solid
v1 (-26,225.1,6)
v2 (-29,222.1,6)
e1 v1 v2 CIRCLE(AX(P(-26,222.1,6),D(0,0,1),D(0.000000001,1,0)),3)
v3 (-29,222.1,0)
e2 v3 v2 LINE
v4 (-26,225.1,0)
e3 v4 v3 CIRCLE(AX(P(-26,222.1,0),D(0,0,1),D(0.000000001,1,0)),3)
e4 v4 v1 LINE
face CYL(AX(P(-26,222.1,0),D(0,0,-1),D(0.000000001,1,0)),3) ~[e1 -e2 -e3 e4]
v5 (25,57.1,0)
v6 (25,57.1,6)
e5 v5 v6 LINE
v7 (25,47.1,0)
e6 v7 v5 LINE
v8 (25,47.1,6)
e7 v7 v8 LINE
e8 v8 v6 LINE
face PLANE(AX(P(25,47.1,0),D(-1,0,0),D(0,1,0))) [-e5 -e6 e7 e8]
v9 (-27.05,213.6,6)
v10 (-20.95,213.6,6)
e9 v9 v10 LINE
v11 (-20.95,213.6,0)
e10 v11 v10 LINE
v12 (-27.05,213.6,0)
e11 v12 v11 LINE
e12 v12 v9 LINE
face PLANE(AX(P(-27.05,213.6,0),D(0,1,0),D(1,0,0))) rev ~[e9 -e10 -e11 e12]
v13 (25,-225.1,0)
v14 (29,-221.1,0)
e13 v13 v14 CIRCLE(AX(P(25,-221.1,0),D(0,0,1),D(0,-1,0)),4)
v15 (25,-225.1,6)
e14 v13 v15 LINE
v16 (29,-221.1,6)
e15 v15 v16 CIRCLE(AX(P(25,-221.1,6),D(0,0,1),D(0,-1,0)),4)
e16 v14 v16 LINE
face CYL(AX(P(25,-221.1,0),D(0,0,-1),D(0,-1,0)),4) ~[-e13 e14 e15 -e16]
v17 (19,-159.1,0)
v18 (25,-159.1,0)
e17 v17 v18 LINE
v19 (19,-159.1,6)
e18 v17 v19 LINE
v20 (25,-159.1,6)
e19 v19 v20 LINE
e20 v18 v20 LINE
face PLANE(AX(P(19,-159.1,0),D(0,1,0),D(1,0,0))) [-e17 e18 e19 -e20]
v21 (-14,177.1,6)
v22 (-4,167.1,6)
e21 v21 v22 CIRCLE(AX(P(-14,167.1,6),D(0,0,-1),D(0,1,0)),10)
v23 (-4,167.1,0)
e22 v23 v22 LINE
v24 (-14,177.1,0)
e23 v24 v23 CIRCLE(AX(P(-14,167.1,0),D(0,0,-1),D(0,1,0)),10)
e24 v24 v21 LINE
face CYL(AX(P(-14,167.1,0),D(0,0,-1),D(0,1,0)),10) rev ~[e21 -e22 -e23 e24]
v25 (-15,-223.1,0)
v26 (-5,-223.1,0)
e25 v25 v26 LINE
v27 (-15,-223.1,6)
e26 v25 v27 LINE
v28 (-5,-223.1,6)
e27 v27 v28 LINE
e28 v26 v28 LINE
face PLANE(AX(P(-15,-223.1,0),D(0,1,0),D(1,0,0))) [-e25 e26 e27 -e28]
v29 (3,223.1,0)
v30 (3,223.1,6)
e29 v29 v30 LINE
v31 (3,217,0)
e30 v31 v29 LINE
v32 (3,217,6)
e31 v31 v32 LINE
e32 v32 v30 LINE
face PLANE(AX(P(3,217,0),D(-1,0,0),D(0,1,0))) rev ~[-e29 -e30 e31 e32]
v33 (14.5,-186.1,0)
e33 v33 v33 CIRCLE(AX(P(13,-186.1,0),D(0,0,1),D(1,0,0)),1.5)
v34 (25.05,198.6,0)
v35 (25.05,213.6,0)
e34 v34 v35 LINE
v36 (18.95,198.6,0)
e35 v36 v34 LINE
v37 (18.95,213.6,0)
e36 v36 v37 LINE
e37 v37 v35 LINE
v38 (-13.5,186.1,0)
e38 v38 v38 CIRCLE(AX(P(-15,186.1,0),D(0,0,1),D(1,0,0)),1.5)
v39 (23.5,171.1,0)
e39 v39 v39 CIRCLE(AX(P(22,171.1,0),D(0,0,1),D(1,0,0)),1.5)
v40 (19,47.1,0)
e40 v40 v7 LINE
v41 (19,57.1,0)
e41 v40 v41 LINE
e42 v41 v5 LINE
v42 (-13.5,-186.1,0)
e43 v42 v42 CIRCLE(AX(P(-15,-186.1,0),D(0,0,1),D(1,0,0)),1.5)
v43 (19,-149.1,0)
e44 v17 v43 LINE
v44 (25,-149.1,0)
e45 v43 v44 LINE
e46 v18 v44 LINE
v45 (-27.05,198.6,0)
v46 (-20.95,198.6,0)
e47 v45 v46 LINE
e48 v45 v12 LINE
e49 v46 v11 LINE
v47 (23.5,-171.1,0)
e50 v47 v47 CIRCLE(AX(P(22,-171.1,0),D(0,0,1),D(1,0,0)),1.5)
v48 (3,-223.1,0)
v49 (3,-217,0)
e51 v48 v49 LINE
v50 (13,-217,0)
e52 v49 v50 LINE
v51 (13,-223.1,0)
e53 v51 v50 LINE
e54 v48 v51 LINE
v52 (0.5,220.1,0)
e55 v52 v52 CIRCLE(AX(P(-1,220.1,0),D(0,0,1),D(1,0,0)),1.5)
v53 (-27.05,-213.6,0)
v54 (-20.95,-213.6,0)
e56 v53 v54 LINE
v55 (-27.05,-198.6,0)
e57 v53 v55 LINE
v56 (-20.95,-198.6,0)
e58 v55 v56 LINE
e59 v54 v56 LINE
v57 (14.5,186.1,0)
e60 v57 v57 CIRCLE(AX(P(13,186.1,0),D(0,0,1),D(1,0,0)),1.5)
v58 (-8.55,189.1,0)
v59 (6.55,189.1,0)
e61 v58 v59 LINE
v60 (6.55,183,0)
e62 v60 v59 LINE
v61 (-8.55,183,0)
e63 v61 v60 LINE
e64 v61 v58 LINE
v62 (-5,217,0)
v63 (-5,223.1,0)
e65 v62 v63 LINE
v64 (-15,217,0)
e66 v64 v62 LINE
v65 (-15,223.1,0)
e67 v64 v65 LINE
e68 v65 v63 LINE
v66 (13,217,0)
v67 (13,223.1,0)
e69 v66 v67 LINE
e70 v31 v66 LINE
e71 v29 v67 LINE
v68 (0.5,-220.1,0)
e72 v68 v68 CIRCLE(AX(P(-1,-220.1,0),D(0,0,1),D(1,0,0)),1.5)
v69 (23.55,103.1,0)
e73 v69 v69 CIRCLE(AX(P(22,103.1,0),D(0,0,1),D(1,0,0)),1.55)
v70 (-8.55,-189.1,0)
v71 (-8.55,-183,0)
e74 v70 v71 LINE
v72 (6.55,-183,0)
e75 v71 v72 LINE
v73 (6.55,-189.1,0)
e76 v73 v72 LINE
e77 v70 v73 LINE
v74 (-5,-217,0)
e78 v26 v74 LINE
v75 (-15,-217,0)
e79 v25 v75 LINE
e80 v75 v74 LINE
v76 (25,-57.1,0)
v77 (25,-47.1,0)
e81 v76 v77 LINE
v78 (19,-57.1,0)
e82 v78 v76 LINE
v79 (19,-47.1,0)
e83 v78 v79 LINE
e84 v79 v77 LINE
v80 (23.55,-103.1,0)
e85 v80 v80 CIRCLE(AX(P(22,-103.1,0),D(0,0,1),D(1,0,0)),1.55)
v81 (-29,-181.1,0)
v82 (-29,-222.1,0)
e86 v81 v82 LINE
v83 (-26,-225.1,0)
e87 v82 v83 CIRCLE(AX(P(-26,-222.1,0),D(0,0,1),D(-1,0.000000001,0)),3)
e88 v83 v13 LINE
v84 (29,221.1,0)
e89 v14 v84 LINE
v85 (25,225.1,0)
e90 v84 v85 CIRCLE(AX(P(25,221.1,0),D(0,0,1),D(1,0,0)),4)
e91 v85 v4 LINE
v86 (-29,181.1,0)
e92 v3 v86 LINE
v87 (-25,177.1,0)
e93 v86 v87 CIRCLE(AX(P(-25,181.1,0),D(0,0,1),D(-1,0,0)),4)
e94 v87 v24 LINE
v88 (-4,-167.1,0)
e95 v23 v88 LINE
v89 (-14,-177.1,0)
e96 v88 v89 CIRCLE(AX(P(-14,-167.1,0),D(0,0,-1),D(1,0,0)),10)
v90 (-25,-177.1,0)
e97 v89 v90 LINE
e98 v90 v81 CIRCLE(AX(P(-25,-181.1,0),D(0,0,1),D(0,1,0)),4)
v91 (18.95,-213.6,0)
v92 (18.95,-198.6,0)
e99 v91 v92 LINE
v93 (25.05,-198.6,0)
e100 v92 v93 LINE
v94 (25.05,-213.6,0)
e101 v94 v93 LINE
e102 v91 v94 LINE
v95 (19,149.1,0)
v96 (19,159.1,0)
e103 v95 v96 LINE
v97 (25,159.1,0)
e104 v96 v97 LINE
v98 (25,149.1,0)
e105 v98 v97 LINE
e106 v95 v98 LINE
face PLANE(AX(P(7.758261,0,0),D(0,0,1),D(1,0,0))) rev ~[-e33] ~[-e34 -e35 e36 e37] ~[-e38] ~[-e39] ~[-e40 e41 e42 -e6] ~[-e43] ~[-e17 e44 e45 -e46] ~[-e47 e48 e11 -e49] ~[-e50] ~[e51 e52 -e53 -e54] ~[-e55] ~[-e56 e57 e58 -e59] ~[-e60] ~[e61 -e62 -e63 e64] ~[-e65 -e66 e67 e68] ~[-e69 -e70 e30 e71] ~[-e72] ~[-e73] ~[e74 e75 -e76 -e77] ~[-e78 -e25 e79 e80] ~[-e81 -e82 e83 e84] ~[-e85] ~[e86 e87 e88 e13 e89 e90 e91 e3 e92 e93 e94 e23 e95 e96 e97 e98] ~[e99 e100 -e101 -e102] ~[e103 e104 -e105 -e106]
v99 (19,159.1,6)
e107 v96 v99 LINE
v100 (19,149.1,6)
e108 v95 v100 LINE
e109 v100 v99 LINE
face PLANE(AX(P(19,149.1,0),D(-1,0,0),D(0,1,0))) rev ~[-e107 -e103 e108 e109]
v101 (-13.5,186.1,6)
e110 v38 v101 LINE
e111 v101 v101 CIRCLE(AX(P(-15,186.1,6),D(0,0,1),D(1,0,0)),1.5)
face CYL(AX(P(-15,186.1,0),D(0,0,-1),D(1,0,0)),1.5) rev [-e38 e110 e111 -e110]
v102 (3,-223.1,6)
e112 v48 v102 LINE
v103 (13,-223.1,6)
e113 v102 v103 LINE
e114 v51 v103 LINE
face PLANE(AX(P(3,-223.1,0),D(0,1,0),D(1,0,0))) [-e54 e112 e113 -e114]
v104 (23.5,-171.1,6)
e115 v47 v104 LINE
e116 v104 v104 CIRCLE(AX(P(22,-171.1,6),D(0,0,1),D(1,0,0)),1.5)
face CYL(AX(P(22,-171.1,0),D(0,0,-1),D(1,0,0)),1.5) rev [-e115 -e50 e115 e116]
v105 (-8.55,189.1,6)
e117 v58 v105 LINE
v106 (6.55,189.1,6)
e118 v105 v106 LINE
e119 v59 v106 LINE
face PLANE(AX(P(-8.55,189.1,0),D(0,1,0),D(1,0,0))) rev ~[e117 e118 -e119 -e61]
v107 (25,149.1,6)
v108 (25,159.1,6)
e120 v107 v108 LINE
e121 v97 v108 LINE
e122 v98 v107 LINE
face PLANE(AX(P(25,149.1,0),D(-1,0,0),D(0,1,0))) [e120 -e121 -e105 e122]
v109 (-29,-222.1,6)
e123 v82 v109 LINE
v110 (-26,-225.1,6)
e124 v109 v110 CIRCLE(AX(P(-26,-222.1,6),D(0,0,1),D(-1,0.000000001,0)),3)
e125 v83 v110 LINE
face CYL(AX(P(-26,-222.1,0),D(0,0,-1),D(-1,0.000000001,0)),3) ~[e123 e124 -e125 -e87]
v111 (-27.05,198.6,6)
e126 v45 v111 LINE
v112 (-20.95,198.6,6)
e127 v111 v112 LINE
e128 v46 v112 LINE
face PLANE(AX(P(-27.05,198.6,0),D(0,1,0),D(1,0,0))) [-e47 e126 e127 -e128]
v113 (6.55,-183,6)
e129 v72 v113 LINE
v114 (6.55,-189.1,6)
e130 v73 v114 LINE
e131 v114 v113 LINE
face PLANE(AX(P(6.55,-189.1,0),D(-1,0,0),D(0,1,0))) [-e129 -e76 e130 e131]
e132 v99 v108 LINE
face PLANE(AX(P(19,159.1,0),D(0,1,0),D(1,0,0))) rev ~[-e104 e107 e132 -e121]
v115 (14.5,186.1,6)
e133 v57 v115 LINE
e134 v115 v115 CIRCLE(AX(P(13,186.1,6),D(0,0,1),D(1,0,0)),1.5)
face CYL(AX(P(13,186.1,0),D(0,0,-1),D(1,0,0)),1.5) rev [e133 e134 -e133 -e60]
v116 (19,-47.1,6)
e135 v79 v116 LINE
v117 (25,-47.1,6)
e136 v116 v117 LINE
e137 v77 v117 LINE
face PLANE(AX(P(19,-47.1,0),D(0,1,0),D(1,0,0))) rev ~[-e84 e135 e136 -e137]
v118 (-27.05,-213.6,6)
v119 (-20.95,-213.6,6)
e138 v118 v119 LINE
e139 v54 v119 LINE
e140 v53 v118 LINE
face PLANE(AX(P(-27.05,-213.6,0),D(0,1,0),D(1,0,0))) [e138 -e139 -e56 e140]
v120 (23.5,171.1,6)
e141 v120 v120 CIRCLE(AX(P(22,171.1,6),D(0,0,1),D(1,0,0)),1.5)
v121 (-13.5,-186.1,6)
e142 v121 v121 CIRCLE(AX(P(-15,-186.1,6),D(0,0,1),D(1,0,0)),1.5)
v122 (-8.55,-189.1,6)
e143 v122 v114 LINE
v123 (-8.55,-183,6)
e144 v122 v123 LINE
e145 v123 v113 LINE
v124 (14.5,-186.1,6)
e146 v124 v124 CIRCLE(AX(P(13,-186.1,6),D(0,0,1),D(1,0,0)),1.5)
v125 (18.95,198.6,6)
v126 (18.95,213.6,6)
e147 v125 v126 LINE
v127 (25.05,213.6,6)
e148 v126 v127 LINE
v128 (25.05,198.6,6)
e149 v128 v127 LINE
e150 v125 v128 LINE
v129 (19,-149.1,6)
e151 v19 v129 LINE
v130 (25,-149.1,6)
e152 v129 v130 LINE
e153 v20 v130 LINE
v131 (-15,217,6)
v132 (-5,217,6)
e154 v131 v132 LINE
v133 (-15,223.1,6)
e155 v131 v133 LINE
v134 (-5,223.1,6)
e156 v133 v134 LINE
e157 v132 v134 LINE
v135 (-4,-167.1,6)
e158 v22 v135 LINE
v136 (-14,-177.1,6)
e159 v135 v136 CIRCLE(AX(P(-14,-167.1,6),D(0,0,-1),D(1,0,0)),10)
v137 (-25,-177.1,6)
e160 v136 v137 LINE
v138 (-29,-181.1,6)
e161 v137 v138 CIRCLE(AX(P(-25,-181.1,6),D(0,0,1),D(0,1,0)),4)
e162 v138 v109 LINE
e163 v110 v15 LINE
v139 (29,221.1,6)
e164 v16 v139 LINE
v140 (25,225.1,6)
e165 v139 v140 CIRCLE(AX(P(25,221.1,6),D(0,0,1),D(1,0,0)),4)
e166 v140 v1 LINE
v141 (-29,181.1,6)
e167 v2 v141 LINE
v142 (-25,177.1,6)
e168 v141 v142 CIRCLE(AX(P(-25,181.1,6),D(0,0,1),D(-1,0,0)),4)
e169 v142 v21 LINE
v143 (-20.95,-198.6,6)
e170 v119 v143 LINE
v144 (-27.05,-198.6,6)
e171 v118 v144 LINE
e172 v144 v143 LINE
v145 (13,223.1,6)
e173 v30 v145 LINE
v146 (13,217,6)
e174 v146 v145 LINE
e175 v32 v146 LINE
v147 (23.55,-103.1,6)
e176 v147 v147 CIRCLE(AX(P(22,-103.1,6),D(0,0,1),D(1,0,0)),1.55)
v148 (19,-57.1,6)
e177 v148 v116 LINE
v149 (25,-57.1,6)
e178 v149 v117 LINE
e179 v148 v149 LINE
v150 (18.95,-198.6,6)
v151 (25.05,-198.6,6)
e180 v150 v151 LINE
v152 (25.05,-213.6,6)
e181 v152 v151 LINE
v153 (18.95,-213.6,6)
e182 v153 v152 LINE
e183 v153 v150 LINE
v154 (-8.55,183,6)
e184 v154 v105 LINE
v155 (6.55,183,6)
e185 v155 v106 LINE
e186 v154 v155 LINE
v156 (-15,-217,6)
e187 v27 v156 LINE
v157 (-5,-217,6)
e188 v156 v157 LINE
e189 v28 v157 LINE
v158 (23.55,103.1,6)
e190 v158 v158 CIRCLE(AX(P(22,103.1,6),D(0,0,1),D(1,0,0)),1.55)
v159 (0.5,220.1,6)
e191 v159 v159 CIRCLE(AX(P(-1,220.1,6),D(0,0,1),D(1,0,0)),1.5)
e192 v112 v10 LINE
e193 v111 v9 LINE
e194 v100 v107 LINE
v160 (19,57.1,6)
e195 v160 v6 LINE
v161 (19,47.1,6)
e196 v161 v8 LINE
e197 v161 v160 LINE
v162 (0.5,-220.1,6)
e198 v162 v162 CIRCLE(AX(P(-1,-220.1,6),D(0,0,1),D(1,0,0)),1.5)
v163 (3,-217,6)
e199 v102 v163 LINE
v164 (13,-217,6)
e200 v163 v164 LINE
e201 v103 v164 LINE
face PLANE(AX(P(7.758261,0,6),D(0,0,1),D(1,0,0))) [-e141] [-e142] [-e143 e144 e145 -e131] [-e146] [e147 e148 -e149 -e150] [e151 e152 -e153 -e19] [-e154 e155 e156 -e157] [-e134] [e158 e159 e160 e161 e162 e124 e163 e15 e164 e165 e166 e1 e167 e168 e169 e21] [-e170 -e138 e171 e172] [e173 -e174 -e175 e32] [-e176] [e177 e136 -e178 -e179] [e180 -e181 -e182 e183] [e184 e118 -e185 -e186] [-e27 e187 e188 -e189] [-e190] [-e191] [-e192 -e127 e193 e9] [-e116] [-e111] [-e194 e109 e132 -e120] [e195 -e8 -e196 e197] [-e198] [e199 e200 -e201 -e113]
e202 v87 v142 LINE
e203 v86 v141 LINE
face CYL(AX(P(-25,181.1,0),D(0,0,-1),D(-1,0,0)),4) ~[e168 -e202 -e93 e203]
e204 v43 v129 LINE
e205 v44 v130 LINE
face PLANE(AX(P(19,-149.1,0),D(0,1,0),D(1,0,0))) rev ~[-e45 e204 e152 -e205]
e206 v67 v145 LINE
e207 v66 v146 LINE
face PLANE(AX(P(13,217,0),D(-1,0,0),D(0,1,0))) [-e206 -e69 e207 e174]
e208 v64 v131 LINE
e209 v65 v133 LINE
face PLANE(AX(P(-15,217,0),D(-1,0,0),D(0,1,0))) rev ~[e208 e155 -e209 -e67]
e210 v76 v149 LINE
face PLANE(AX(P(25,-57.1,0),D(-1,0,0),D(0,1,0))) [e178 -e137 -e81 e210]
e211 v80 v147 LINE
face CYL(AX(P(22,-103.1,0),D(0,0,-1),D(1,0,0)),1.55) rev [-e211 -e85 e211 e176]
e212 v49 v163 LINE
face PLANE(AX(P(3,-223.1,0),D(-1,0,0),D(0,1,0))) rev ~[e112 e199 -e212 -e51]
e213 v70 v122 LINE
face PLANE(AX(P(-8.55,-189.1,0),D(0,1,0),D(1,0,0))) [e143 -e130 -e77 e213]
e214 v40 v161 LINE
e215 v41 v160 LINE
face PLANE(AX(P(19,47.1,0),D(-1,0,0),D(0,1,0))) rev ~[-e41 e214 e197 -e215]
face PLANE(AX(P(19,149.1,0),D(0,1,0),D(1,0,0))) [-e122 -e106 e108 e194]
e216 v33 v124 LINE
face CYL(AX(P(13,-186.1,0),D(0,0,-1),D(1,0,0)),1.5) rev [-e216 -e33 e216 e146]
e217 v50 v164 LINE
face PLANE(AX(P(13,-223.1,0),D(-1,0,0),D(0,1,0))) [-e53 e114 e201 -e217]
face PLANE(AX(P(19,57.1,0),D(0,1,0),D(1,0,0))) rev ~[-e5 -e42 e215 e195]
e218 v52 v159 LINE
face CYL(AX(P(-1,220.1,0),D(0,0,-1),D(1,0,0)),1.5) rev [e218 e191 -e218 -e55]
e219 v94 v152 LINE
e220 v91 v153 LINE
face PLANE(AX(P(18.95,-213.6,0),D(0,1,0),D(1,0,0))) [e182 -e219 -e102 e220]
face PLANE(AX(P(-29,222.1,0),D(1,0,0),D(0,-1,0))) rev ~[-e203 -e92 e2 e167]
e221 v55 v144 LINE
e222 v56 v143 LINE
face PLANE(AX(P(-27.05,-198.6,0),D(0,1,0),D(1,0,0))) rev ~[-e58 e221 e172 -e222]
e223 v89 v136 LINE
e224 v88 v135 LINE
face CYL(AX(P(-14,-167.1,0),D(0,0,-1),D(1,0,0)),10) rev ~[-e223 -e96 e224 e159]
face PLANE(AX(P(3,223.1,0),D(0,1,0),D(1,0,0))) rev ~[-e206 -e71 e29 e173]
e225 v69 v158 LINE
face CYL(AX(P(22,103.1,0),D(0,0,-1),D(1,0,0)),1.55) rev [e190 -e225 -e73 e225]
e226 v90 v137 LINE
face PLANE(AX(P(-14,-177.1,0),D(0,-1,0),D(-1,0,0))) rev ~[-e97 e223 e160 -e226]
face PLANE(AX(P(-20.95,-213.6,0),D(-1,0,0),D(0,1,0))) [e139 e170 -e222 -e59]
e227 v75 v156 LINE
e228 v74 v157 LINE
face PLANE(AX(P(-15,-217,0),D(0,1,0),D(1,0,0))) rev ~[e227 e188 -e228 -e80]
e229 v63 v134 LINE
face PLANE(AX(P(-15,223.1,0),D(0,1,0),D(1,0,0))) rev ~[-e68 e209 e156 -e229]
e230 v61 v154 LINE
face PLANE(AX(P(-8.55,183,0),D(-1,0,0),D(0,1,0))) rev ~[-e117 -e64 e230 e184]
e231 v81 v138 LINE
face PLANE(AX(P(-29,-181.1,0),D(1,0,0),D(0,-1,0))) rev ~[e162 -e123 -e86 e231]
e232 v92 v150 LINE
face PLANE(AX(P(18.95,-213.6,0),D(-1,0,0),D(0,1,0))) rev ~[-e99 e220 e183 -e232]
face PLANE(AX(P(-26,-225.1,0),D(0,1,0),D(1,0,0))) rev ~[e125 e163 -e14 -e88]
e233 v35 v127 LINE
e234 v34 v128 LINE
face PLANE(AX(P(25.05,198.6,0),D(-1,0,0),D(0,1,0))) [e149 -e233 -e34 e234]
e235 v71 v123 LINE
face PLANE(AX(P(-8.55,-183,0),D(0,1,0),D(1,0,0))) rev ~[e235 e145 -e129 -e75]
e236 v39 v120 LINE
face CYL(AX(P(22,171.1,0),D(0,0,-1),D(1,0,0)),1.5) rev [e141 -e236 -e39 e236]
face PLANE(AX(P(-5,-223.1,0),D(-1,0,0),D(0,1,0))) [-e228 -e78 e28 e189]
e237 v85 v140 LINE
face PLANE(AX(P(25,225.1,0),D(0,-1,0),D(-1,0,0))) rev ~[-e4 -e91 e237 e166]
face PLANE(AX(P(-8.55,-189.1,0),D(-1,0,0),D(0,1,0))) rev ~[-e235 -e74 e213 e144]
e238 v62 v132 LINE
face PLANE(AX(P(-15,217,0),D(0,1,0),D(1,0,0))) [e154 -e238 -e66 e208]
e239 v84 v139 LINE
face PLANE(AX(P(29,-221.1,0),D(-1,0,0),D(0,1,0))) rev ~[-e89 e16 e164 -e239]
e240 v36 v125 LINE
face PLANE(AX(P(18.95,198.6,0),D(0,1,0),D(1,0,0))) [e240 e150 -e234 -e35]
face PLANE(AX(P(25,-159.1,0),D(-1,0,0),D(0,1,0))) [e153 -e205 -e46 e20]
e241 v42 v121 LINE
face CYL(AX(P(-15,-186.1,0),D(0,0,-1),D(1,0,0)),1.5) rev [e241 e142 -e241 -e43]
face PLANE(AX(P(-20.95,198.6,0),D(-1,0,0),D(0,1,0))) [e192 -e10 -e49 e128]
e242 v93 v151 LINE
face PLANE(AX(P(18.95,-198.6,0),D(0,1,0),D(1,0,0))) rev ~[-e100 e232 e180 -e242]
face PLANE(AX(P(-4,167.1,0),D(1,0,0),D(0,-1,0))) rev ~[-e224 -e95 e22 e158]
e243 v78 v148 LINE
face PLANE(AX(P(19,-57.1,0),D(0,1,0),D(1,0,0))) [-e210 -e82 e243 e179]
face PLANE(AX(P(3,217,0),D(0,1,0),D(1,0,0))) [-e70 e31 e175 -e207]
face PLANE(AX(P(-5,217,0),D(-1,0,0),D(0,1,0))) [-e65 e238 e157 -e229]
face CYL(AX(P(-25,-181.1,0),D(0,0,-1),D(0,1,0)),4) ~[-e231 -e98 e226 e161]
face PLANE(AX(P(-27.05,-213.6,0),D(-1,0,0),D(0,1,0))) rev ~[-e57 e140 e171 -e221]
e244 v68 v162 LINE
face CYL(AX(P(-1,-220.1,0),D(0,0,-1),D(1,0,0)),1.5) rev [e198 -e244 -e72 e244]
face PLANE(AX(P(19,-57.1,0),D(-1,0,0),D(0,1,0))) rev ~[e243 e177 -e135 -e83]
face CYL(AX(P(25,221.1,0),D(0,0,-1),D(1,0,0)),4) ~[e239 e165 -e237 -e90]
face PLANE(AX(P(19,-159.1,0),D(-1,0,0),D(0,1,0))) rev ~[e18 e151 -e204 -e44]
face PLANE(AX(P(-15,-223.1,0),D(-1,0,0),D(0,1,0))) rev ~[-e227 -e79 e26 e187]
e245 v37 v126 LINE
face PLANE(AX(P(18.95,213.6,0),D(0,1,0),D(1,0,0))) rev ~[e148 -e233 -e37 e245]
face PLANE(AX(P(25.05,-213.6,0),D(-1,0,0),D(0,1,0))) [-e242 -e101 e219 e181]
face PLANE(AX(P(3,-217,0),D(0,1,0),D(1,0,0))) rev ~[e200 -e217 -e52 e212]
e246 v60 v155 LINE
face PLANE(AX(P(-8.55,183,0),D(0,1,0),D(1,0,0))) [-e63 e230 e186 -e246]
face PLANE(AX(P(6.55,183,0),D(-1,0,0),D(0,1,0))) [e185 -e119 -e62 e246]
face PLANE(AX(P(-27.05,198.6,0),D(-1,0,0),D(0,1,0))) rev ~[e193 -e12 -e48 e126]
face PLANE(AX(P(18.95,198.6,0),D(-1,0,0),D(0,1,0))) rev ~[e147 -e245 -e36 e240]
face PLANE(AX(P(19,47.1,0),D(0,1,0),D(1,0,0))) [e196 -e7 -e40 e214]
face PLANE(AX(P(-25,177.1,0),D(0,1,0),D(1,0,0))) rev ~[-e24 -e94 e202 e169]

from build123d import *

# Parameters (mm, degrees)
SKETCH_1_R      = 1.5
SKETCH_1_R_2    = 1.55
SKETCH_1_W      = 10
SKETCH_1_H      = 6.1
SKETCH_1_W_2    = 15.1
SKETCH_1_W_3    = 6.1
SKETCH_1_H_2    = 15
SKETCH_1_W_4    = 6
SKETCH_1_H_3    = 10
EXTRUDE_1_DEPTH = 6


with BuildPart() as part:
    # Эскиз1 → Бобышка-Вытянуть1 (new body)
    with BuildSketch(Plane.XY):
        with BuildLine():
            Line((-29, 222.1), (-29, 181.1))
            ThreePointArc((-29, 181.1), (-27.828427125, 178.271572875), (-25, 177.1))
            Line((-25, 177.1), (-14, 177.1))
            ThreePointArc((-14, 177.1), (-6.928932188, 174.171067812), (-4, 167.1))
            Line((-4, 167.1), (-4, -167.1))
            ThreePointArc((-4, -167.1), (-6.928932188, -174.171067812), (-14, -177.1))
            Line((-14, -177.1), (-25, -177.1))
            ThreePointArc((-25, -177.1), (-27.828427125, -178.271572875), (-29, -181.1))
            Line((-29, -181.1), (-29, -222.1))
            ThreePointArc((-29, -222.1), (-28.121320344, -224.221320344), (-26, -225.1))
            Line((-26, -225.1), (25, -225.1))
            ThreePointArc((25, -225.1), (27.828427125, -223.928427125), (29, -221.1))
            Line((29, -221.1), (29, 221.1))
            ThreePointArc((29, 221.1), (27.828427125, 223.928427125), (25, 225.1))
            Line((25, 225.1), (-26, 225.1))
            ThreePointArc((-26, 225.1), (-28.121320344, 224.221320344), (-29, 222.1))
        make_face()
        with Locations((22, 171.1)):
            Circle(SKETCH_1_R, mode=Mode.SUBTRACT)
        with Locations((13, 186.1)):
            Circle(SKETCH_1_R, mode=Mode.SUBTRACT)
        with Locations((-1, 220.1)):
            Circle(SKETCH_1_R, mode=Mode.SUBTRACT)
        with Locations((-15, 186.1)):
            Circle(SKETCH_1_R, mode=Mode.SUBTRACT)
        with Locations((22, 103.1)):
            Circle(SKETCH_1_R_2, mode=Mode.SUBTRACT)
        with Locations((22, -171.1)):
            Circle(SKETCH_1_R, mode=Mode.SUBTRACT)
        with Locations((13, -186.1)):
            Circle(SKETCH_1_R, mode=Mode.SUBTRACT)
        with Locations((-1, -220.1)):
            Circle(SKETCH_1_R, mode=Mode.SUBTRACT)
        with Locations((-15, -186.1)):
            Circle(SKETCH_1_R, mode=Mode.SUBTRACT)
        with Locations((22, -103.1)):
            Circle(SKETCH_1_R_2, mode=Mode.SUBTRACT)
        with Locations((-10, 220.05)):
            Rectangle(SKETCH_1_W, SKETCH_1_H, mode=Mode.SUBTRACT)
        with Locations((-1, 186.05)):
            Rectangle(SKETCH_1_W_2, SKETCH_1_H, mode=Mode.SUBTRACT)
        with Locations((8, 220.05)):
            Rectangle(SKETCH_1_W, SKETCH_1_H, mode=Mode.SUBTRACT)
        with Locations((-24, 206.1)):
            Rectangle(SKETCH_1_W_3, SKETCH_1_H_2, mode=Mode.SUBTRACT)
        with Locations((22, 206.1)):
            Rectangle(SKETCH_1_W_3, SKETCH_1_H_2, mode=Mode.SUBTRACT)
        with Locations((22, 52.1)):
            Rectangle(SKETCH_1_W_4, SKETCH_1_H_3, mode=Mode.SUBTRACT)
        with Locations((22, 154.1)):
            Rectangle(SKETCH_1_W_4, SKETCH_1_H_3, mode=Mode.SUBTRACT)
        with Locations((-10, -220.05)):
            Rectangle(SKETCH_1_W, SKETCH_1_H, mode=Mode.SUBTRACT)
        with Locations((-1, -186.05)):
            Rectangle(SKETCH_1_W_2, SKETCH_1_H, mode=Mode.SUBTRACT)
        with Locations((8, -220.05)):
            Rectangle(SKETCH_1_W, SKETCH_1_H, mode=Mode.SUBTRACT)
        with Locations((-24, -206.1)):
            Rectangle(SKETCH_1_W_3, SKETCH_1_H_2, mode=Mode.SUBTRACT)
        with Locations((22, -206.1)):
            Rectangle(SKETCH_1_W_3, SKETCH_1_H_2, mode=Mode.SUBTRACT)
        with Locations((22, -52.1)):
            Rectangle(SKETCH_1_W_4, SKETCH_1_H_3, mode=Mode.SUBTRACT)
        with Locations((22, -154.1)):
            Rectangle(SKETCH_1_W_4, SKETCH_1_H_3, mode=Mode.SUBTRACT)
    extrude(amount=EXTRUDE_1_DEPTH)


solid = part.part
